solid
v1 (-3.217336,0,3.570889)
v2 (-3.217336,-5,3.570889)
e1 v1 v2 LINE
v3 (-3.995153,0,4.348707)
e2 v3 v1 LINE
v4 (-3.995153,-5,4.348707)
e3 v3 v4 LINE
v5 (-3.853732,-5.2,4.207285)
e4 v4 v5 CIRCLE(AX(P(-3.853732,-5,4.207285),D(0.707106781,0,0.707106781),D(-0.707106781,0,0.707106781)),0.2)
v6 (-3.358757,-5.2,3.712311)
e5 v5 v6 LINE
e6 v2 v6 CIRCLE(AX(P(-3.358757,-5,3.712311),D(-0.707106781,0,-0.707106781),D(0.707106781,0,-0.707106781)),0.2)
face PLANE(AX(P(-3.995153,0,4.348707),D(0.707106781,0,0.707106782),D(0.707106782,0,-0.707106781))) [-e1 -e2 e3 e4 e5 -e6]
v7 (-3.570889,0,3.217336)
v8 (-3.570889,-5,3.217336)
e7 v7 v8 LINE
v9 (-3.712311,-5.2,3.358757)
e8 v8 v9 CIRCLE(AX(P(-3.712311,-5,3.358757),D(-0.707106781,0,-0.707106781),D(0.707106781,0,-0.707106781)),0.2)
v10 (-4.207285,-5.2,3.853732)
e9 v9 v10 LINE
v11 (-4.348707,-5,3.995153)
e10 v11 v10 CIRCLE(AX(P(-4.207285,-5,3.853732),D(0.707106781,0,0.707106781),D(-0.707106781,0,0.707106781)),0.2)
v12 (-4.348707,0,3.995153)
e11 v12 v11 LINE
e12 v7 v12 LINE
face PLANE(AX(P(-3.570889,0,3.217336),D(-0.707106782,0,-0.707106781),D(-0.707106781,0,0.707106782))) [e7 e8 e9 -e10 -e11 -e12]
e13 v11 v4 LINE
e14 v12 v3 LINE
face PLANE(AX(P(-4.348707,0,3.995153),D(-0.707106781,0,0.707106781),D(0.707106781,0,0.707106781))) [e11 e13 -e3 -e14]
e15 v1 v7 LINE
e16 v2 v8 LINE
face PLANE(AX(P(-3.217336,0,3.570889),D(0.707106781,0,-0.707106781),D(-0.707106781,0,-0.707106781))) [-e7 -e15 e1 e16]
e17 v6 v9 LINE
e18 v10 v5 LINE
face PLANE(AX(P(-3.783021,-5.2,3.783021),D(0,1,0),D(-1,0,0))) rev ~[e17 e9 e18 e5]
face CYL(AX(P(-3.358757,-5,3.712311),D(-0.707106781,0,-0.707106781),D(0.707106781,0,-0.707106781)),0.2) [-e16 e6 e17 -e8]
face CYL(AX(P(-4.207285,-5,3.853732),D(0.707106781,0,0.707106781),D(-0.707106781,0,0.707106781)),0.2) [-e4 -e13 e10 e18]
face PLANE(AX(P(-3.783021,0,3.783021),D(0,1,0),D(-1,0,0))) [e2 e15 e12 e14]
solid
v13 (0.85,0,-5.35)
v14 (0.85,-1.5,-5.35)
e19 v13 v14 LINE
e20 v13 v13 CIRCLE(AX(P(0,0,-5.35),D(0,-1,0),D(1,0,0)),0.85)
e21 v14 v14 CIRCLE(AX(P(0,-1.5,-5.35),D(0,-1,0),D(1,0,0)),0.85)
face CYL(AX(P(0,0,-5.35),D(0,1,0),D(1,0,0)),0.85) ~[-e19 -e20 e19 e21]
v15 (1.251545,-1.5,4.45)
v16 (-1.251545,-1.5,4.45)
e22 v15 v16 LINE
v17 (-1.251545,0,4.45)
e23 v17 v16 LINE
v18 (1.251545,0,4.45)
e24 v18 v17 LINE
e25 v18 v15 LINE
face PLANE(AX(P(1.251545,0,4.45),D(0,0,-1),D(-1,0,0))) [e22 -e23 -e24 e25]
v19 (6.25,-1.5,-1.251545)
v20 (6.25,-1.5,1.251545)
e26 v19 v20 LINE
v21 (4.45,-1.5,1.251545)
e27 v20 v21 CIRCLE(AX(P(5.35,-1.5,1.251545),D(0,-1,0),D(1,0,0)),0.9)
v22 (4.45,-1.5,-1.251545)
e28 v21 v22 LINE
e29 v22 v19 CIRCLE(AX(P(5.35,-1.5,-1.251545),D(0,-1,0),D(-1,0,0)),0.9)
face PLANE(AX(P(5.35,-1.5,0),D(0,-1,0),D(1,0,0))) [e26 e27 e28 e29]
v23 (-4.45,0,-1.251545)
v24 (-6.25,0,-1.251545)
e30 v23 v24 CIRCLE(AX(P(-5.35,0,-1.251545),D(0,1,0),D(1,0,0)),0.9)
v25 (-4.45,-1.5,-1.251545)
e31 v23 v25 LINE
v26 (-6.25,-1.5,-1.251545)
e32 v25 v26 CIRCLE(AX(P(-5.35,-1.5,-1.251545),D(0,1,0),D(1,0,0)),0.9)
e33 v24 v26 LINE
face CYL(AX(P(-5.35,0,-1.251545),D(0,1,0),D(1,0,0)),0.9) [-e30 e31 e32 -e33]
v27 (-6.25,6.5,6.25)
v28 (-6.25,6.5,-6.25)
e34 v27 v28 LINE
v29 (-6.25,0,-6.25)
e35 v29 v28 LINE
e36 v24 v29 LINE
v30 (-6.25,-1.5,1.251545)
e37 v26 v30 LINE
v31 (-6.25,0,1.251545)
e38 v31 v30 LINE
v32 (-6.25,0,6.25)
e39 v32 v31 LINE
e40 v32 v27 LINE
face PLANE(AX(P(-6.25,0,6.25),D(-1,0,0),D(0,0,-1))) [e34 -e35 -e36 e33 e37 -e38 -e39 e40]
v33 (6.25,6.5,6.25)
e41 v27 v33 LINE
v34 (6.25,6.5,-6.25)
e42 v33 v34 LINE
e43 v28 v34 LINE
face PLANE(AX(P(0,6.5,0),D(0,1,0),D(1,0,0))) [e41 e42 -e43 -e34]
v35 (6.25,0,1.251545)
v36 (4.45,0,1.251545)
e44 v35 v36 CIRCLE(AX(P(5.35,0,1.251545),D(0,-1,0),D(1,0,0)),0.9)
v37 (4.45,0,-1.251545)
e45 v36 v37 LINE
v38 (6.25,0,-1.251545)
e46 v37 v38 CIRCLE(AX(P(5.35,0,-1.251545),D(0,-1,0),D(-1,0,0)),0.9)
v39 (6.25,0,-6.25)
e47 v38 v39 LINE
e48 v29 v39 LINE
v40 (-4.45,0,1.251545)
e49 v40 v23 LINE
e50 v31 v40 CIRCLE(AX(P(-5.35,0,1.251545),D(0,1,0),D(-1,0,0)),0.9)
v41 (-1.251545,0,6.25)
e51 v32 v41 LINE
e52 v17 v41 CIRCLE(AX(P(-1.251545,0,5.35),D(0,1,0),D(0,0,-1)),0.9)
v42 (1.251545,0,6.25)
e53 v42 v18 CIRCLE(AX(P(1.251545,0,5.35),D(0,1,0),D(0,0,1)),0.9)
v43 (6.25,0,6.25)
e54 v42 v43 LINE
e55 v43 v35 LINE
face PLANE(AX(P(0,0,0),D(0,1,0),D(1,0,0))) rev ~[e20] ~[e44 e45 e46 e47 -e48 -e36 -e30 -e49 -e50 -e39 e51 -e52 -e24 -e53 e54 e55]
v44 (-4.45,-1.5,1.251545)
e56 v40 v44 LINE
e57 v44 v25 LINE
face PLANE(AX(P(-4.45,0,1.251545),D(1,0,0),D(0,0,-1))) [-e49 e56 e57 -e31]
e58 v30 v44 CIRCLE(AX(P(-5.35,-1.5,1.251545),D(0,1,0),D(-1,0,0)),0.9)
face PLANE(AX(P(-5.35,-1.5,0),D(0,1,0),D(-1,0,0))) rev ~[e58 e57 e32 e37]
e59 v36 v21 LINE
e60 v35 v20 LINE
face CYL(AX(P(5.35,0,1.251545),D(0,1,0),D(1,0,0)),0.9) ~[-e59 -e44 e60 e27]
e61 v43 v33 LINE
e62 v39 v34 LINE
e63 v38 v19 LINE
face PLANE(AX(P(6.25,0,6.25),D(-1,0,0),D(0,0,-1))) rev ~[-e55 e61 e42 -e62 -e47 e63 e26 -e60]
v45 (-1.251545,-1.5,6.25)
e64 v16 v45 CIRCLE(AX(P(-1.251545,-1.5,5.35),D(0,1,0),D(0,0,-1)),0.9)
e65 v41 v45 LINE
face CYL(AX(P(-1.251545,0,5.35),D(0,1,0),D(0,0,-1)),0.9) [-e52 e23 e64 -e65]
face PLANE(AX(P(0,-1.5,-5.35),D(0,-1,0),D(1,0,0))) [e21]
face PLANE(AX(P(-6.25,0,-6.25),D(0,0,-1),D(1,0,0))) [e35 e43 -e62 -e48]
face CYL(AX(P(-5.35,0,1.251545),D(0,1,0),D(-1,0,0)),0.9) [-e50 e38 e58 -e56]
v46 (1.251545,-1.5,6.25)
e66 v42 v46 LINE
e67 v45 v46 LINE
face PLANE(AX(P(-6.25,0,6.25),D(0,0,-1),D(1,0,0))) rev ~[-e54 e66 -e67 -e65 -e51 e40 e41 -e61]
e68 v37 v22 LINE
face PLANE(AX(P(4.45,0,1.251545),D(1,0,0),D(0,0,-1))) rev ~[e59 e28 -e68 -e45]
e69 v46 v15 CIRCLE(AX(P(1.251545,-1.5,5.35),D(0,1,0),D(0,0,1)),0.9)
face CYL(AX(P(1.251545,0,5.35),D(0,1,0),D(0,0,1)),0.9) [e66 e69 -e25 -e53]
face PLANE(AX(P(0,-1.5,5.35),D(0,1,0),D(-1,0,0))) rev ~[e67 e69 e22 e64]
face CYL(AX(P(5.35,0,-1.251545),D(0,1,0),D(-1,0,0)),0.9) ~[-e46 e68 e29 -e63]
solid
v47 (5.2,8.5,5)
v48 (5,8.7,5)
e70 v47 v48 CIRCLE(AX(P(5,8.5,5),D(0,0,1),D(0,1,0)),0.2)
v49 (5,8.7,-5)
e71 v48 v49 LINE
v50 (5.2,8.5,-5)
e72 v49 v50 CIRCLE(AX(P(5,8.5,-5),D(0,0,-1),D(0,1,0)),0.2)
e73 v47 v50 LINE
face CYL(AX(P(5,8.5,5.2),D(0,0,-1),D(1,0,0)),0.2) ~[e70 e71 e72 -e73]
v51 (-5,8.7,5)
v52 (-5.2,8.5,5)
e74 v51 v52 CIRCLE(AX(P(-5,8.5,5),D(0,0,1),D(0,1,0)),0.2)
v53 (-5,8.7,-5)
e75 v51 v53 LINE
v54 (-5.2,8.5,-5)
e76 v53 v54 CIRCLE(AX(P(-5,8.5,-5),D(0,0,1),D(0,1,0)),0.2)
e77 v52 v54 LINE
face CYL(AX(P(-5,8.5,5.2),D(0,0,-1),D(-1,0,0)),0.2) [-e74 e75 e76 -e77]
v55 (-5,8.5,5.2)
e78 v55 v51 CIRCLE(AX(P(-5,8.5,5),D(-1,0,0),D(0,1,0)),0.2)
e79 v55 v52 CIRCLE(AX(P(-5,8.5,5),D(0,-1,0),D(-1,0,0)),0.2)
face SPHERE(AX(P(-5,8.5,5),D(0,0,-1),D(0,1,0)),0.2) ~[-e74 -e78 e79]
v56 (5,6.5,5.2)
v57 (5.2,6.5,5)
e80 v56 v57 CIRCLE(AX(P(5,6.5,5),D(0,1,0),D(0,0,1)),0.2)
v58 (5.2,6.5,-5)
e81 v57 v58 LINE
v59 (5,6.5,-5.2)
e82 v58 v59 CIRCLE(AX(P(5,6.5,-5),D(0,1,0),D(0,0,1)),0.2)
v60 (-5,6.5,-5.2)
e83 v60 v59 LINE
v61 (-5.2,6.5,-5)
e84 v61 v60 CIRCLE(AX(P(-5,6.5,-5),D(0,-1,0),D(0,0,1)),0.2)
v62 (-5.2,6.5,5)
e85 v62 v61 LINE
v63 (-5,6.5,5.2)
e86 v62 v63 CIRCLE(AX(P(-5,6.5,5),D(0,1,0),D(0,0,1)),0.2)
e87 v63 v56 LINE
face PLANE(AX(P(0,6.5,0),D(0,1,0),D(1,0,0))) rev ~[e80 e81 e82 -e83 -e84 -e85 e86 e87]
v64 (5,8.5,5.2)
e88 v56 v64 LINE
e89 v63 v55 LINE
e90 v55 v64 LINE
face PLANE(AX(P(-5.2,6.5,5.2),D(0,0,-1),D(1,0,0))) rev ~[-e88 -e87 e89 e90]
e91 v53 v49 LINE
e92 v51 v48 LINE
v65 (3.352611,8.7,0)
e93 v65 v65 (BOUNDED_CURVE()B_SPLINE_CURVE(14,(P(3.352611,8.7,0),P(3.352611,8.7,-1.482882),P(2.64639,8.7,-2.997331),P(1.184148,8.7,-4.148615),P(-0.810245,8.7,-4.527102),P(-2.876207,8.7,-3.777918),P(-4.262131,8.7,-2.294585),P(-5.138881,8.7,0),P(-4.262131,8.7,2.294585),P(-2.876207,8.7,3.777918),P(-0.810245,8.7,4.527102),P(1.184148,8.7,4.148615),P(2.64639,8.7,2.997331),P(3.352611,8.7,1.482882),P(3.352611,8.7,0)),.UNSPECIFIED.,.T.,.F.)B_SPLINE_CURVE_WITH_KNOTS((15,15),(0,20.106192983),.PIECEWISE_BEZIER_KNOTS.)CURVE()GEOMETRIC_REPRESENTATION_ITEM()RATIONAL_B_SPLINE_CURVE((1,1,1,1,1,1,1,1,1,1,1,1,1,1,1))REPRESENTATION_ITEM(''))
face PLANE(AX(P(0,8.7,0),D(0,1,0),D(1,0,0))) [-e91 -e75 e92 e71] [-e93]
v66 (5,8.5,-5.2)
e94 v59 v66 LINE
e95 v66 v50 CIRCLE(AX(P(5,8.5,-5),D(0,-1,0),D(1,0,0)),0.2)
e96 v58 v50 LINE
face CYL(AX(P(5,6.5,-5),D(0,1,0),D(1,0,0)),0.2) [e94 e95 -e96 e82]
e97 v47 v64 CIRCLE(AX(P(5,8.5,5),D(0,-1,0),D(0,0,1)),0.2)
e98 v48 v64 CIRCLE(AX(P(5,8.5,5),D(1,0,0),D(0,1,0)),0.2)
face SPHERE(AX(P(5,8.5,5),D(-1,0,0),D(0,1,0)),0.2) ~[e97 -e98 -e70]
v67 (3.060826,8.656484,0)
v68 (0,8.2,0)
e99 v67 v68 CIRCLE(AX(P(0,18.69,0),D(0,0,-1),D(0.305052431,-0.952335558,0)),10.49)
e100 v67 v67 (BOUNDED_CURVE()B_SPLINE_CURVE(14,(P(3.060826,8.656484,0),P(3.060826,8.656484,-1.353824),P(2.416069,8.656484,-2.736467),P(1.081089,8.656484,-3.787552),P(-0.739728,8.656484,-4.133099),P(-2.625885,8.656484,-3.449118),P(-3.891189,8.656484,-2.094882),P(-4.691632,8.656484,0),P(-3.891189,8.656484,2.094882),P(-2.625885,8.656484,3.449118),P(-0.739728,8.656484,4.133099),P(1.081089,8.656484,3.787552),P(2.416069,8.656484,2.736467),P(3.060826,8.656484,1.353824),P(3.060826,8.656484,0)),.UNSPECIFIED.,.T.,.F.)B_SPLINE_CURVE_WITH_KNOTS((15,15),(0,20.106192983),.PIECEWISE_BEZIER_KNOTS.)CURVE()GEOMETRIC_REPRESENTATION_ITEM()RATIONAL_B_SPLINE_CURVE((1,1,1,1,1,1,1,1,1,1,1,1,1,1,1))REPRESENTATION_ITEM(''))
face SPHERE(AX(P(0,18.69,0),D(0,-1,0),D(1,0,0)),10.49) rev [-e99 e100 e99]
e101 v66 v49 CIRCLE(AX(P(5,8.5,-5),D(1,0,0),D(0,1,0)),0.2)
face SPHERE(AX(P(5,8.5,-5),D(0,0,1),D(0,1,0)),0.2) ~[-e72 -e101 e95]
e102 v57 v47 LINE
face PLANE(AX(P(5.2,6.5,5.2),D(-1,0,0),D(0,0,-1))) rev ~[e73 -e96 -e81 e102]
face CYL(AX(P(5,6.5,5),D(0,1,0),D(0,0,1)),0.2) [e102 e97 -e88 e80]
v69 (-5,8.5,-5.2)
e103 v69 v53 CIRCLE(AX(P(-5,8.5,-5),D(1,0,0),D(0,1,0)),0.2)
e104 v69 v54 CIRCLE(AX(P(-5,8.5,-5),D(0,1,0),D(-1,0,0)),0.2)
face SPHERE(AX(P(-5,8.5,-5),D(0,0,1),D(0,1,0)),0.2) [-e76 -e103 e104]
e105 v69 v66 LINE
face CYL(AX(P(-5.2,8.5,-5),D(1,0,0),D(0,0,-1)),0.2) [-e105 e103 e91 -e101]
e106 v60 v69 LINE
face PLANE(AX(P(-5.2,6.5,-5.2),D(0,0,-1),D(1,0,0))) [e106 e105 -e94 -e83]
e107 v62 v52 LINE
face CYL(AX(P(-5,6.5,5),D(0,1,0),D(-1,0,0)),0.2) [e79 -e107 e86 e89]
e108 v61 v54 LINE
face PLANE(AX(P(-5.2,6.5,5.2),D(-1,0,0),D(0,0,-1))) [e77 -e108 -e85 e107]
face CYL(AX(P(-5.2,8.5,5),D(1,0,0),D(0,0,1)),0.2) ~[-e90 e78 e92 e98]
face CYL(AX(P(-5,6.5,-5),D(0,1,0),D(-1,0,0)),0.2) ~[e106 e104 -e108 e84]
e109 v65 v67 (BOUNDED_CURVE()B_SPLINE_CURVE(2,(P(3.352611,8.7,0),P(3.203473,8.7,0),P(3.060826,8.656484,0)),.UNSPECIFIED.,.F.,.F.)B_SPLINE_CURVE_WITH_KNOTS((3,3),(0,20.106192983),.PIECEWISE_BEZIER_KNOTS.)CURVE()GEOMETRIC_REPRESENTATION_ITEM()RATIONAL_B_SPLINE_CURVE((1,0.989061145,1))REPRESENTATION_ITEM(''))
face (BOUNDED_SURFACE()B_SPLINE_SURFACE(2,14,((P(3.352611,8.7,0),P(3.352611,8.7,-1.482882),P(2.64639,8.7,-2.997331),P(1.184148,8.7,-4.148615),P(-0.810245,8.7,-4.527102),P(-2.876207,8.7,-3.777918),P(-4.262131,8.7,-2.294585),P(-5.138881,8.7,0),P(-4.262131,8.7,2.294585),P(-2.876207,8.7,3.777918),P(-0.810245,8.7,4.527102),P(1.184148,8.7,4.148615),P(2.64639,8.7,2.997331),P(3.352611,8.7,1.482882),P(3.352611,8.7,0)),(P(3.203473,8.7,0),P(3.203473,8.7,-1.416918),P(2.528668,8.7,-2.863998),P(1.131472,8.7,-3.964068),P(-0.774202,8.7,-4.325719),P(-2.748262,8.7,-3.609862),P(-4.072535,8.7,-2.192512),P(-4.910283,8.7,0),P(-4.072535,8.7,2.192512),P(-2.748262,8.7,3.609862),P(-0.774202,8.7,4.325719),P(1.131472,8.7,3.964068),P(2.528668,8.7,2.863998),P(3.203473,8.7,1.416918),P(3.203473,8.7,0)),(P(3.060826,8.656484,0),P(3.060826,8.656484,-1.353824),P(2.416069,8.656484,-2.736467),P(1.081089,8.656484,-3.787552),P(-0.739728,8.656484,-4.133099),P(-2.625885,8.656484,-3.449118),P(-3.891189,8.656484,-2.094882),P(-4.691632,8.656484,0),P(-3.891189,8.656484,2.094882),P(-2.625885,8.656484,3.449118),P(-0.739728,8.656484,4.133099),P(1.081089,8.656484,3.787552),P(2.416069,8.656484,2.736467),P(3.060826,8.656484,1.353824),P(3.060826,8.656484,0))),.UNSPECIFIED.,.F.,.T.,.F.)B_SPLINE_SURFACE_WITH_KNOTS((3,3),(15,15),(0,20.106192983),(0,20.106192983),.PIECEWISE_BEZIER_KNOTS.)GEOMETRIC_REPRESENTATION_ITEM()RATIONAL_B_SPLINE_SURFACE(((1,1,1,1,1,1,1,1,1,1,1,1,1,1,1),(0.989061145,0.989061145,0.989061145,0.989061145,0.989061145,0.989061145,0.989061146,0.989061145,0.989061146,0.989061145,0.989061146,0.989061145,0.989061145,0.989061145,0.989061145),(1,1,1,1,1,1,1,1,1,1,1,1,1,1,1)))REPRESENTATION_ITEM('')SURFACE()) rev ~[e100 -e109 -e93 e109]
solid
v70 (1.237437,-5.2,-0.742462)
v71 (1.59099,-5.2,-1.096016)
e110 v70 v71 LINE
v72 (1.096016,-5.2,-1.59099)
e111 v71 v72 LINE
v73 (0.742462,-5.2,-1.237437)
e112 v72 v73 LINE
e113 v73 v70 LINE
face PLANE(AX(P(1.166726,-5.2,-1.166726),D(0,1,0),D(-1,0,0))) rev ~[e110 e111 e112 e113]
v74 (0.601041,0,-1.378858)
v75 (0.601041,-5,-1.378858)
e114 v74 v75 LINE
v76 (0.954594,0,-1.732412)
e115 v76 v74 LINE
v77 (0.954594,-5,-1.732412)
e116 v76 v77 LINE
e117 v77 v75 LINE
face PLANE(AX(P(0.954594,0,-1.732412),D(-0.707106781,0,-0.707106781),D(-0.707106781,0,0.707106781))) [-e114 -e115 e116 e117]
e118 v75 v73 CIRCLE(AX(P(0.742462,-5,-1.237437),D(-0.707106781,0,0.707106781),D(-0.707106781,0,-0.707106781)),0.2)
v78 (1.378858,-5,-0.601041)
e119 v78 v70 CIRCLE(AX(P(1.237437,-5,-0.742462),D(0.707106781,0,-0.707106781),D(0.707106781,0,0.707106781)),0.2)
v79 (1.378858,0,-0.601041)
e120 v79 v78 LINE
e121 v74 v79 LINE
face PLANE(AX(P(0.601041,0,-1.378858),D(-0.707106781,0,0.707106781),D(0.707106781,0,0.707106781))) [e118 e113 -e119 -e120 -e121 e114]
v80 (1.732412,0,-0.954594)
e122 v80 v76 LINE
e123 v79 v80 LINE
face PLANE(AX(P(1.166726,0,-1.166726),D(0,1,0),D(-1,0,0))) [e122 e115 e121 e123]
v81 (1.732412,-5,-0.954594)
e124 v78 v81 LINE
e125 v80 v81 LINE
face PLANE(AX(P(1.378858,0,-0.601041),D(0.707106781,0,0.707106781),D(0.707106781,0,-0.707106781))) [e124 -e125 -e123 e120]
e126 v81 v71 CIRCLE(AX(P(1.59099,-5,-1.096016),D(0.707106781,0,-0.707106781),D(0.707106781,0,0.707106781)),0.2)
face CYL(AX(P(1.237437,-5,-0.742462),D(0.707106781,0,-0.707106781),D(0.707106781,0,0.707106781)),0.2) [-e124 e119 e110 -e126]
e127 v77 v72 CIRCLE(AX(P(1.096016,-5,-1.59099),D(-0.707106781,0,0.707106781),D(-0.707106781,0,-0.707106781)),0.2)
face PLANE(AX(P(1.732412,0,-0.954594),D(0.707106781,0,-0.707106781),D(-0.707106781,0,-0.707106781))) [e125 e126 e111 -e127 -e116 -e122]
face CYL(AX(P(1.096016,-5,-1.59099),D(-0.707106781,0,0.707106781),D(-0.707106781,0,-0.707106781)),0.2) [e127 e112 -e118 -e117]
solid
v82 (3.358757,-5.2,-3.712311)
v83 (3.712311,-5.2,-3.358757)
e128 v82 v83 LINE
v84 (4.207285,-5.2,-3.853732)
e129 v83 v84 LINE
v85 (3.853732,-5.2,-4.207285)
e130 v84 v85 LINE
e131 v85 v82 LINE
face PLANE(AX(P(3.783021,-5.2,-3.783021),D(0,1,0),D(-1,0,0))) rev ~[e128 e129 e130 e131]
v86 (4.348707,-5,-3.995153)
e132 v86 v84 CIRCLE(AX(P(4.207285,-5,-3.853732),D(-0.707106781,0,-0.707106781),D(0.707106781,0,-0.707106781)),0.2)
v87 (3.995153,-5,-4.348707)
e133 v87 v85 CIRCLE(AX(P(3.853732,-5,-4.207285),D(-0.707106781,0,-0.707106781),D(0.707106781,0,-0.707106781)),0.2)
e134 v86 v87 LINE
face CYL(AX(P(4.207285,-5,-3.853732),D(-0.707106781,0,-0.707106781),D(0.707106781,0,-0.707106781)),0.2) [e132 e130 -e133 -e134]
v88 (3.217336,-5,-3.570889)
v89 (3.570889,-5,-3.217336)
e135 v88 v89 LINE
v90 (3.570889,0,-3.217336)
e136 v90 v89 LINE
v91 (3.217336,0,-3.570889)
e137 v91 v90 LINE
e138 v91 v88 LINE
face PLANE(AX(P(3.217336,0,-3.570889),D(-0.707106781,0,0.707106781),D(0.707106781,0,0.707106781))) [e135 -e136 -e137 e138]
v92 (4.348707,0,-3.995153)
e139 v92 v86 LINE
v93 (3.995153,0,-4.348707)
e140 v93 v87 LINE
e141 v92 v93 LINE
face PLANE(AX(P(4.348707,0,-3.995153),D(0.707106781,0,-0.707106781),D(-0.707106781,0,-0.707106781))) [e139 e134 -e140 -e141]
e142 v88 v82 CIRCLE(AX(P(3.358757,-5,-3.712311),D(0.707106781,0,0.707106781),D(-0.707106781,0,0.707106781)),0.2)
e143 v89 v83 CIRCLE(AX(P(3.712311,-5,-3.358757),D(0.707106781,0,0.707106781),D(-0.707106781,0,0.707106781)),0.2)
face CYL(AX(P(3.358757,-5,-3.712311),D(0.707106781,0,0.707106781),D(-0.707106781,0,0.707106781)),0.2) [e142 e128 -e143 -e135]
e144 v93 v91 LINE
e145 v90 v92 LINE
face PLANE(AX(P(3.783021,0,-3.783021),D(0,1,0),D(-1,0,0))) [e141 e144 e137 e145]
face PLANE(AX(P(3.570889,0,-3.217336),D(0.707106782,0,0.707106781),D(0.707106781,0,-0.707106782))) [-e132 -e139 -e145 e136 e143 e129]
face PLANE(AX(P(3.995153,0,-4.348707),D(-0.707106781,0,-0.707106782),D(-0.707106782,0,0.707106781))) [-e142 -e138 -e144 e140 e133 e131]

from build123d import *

# Parameters (mm, degrees)
SKETCH_1_W        = 12.5
SKETCH_1_H        = 12.5
EXTRUDE_1_DEPTH   = 6.5
SKETCH_2_R        = 0.85
EXTRUDE_2_DEPTH   = 1.5
EXTRUDE_3_DEPTH   = 5.2
EXTRUDE_3_2_DEPTH = 5.2
EXTRUDE_3_3_DEPTH = 5.2
FILLET_2_R        = 0.2
FILLET_3_R        = 0.2
FILLET_4_R        = 0.2
SKETCH_6_W        = 10.4
SKETCH_6_H        = 10.4
EXTRUDE_4_DEPTH   = 2.2
FILLET_5_R        = 0.2
FILLET_6_R        = 1


with BuildPart() as part:
    # Эскиз1 → Бобышка-Вытянуть1 (new body)
    with BuildSketch(Plane(origin=(0, 0, 0), x_dir=(1, 0, 0), z_dir=(0, 1, 0))):
        Rectangle(SKETCH_1_W, SKETCH_1_H)
    extrude(amount=EXTRUDE_1_DEPTH)

    # Эскиз2 → Бобышка-Вытянуть2 (add)
    with BuildSketch(Plane.XZ):
        with Locations((0, -5.35)):
            Circle(SKETCH_2_R)
        with BuildLine():
            Line((-1.251544725, 6.25), (1.251544725, 6.25))
            ThreePointArc((1.251544725, 6.25), (2.151544725, 5.35), (1.251544725, 4.45))
            Line((1.251544725, 4.45), (-1.251544725, 4.45))
            ThreePointArc((-1.251544725, 4.45), (-2.151544725, 5.35), (-1.251544725, 6.25))
        make_face()
        with BuildLine():
            Line((6.25, -1.251544725), (6.25, 1.251544725))
            ThreePointArc((6.25, 1.251544725), (5.35, 2.151544725), (4.45, 1.251544725))
            Line((4.45, 1.251544725), (4.45, -1.251544725))
            ThreePointArc((4.45, -1.251544725), (5.35, -2.151544725), (6.25, -1.251544725))
        make_face()
        with BuildLine():
            Line((-6.25, -1.251544725), (-6.25, 1.251544725))
            ThreePointArc((-6.25, 1.251544725), (-5.35, 2.151544725), (-4.45, 1.251544725))
            Line((-4.45, 1.251544725), (-4.45, -1.251544725))
            ThreePointArc((-4.45, -1.251544725), (-5.35, -2.151544725), (-6.25, -1.251544725))
        make_face()
    extrude(amount=EXTRUDE_2_DEPTH)


with BuildPart() as body_2:
    # Эскиз5 → Бобышка-Вытянуть3 (new body)
    with BuildSketch(Plane.XZ):
        Polygon((-3.995153314, 4.348706704), (-3.217335854, 3.570889245), (-3.570889245, 3.217335854), (-4.348706704, 3.995153314), align=None)
    extrude(amount=EXTRUDE_3_DEPTH)

    # Скругление2
    fillet_2_edges = [body_2.edges().sort_by_distance(p)[0] for p in [
        (-4.171930009, -5.2, 4.171930009),
        (-3.39411255, -5.2, 3.39411255),
    ]]
    fillet(fillet_2_edges, radius=FILLET_2_R)


with BuildPart() as body_3:
    # Эскиз5 → Extrude 3 2 (new body)
    with BuildSketch(Plane.XZ):
        Polygon((3.995153314, -4.348706704), (3.217335854, -3.570889245), (3.570889245, -3.217335854), (4.348706704, -3.995153314), align=None)
    extrude(amount=EXTRUDE_3_2_DEPTH)

    # Скругление4
    fillet_4_edges = [body_3.edges().sort_by_distance(p)[0] for p in [
        (3.39411255, -5.2, -3.39411255),
        (4.171930009, -5.2, -4.171930009),
    ]]
    fillet(fillet_4_edges, radius=FILLET_4_R)


with BuildPart() as body_4:
    # Эскиз5 → Extrude 3 3 (new body)
    with BuildSketch(Plane.XZ):
        Polygon((0.601040764, -1.378858223), (1.378858223, -0.601040764), (1.732411614, -0.954594155), (0.954594155, -1.732411614), align=None)
    extrude(amount=EXTRUDE_3_3_DEPTH)

    # Скругление3
    fillet_3_edges = [body_4.edges().sort_by_distance(p)[0] for p in [
        (0.777817459, -5.2, -1.555634919),
        (1.555634919, -5.2, -0.777817459),
    ]]
    fillet(fillet_3_edges, radius=FILLET_3_R)


with BuildPart() as body_5:
    # Эскиз6 → Бобышка-Вытянуть4 (new body)
    with BuildSketch(Plane(origin=(0, 6.5, 0), x_dir=(1, 0, 0), z_dir=(0, 1, 0))):
        Rectangle(SKETCH_6_W, SKETCH_6_H)
    extrude(amount=EXTRUDE_4_DEPTH)

    # Скругление5
    fillet_5_edges = [body_5.edges().sort_by_distance(p)[0] for p in [
        (-5.2, 8.7, 0),
        (0, 8.7, 5.2),
        (5.2, 8.7, 0),
        (0, 8.7, -5.2),
        (5.2, 7.6, 5.2),
        (-5.2, 7.6, 5.2),
        (-5.2, 7.6, -5.2),
        (5.2, 7.6, -5.2),
    ]]
    fillet(fillet_5_edges, radius=FILLET_5_R)

    # Эскиз7 → Вырез-Повернуть1 (revolve, cut)
    with BuildSketch(Plane.XY):
        with BuildLine():
            Line((0, 8.7), (3.2, 8.7))
            ThreePointArc((3.2, 8.7), (1.619413474, 8.325753766), (0, 8.2))
            Line((0, 8.2), (0, 8.7))
        make_face()
    revolve(axis=Axis((0, 8.2, 0), (0, 1, 0)), mode=Mode.SUBTRACT)

    # Скругление6
    fillet_6_edges = [body_5.edges().sort_by_distance(p)[0] for p in [
        (-3.2, 8.7, 0),
    ]]
    fillet(fillet_6_edges, radius=FILLET_6_R)


solid = Compound([part.part, body_2.part, body_3.part, body_4.part, body_5.part])
